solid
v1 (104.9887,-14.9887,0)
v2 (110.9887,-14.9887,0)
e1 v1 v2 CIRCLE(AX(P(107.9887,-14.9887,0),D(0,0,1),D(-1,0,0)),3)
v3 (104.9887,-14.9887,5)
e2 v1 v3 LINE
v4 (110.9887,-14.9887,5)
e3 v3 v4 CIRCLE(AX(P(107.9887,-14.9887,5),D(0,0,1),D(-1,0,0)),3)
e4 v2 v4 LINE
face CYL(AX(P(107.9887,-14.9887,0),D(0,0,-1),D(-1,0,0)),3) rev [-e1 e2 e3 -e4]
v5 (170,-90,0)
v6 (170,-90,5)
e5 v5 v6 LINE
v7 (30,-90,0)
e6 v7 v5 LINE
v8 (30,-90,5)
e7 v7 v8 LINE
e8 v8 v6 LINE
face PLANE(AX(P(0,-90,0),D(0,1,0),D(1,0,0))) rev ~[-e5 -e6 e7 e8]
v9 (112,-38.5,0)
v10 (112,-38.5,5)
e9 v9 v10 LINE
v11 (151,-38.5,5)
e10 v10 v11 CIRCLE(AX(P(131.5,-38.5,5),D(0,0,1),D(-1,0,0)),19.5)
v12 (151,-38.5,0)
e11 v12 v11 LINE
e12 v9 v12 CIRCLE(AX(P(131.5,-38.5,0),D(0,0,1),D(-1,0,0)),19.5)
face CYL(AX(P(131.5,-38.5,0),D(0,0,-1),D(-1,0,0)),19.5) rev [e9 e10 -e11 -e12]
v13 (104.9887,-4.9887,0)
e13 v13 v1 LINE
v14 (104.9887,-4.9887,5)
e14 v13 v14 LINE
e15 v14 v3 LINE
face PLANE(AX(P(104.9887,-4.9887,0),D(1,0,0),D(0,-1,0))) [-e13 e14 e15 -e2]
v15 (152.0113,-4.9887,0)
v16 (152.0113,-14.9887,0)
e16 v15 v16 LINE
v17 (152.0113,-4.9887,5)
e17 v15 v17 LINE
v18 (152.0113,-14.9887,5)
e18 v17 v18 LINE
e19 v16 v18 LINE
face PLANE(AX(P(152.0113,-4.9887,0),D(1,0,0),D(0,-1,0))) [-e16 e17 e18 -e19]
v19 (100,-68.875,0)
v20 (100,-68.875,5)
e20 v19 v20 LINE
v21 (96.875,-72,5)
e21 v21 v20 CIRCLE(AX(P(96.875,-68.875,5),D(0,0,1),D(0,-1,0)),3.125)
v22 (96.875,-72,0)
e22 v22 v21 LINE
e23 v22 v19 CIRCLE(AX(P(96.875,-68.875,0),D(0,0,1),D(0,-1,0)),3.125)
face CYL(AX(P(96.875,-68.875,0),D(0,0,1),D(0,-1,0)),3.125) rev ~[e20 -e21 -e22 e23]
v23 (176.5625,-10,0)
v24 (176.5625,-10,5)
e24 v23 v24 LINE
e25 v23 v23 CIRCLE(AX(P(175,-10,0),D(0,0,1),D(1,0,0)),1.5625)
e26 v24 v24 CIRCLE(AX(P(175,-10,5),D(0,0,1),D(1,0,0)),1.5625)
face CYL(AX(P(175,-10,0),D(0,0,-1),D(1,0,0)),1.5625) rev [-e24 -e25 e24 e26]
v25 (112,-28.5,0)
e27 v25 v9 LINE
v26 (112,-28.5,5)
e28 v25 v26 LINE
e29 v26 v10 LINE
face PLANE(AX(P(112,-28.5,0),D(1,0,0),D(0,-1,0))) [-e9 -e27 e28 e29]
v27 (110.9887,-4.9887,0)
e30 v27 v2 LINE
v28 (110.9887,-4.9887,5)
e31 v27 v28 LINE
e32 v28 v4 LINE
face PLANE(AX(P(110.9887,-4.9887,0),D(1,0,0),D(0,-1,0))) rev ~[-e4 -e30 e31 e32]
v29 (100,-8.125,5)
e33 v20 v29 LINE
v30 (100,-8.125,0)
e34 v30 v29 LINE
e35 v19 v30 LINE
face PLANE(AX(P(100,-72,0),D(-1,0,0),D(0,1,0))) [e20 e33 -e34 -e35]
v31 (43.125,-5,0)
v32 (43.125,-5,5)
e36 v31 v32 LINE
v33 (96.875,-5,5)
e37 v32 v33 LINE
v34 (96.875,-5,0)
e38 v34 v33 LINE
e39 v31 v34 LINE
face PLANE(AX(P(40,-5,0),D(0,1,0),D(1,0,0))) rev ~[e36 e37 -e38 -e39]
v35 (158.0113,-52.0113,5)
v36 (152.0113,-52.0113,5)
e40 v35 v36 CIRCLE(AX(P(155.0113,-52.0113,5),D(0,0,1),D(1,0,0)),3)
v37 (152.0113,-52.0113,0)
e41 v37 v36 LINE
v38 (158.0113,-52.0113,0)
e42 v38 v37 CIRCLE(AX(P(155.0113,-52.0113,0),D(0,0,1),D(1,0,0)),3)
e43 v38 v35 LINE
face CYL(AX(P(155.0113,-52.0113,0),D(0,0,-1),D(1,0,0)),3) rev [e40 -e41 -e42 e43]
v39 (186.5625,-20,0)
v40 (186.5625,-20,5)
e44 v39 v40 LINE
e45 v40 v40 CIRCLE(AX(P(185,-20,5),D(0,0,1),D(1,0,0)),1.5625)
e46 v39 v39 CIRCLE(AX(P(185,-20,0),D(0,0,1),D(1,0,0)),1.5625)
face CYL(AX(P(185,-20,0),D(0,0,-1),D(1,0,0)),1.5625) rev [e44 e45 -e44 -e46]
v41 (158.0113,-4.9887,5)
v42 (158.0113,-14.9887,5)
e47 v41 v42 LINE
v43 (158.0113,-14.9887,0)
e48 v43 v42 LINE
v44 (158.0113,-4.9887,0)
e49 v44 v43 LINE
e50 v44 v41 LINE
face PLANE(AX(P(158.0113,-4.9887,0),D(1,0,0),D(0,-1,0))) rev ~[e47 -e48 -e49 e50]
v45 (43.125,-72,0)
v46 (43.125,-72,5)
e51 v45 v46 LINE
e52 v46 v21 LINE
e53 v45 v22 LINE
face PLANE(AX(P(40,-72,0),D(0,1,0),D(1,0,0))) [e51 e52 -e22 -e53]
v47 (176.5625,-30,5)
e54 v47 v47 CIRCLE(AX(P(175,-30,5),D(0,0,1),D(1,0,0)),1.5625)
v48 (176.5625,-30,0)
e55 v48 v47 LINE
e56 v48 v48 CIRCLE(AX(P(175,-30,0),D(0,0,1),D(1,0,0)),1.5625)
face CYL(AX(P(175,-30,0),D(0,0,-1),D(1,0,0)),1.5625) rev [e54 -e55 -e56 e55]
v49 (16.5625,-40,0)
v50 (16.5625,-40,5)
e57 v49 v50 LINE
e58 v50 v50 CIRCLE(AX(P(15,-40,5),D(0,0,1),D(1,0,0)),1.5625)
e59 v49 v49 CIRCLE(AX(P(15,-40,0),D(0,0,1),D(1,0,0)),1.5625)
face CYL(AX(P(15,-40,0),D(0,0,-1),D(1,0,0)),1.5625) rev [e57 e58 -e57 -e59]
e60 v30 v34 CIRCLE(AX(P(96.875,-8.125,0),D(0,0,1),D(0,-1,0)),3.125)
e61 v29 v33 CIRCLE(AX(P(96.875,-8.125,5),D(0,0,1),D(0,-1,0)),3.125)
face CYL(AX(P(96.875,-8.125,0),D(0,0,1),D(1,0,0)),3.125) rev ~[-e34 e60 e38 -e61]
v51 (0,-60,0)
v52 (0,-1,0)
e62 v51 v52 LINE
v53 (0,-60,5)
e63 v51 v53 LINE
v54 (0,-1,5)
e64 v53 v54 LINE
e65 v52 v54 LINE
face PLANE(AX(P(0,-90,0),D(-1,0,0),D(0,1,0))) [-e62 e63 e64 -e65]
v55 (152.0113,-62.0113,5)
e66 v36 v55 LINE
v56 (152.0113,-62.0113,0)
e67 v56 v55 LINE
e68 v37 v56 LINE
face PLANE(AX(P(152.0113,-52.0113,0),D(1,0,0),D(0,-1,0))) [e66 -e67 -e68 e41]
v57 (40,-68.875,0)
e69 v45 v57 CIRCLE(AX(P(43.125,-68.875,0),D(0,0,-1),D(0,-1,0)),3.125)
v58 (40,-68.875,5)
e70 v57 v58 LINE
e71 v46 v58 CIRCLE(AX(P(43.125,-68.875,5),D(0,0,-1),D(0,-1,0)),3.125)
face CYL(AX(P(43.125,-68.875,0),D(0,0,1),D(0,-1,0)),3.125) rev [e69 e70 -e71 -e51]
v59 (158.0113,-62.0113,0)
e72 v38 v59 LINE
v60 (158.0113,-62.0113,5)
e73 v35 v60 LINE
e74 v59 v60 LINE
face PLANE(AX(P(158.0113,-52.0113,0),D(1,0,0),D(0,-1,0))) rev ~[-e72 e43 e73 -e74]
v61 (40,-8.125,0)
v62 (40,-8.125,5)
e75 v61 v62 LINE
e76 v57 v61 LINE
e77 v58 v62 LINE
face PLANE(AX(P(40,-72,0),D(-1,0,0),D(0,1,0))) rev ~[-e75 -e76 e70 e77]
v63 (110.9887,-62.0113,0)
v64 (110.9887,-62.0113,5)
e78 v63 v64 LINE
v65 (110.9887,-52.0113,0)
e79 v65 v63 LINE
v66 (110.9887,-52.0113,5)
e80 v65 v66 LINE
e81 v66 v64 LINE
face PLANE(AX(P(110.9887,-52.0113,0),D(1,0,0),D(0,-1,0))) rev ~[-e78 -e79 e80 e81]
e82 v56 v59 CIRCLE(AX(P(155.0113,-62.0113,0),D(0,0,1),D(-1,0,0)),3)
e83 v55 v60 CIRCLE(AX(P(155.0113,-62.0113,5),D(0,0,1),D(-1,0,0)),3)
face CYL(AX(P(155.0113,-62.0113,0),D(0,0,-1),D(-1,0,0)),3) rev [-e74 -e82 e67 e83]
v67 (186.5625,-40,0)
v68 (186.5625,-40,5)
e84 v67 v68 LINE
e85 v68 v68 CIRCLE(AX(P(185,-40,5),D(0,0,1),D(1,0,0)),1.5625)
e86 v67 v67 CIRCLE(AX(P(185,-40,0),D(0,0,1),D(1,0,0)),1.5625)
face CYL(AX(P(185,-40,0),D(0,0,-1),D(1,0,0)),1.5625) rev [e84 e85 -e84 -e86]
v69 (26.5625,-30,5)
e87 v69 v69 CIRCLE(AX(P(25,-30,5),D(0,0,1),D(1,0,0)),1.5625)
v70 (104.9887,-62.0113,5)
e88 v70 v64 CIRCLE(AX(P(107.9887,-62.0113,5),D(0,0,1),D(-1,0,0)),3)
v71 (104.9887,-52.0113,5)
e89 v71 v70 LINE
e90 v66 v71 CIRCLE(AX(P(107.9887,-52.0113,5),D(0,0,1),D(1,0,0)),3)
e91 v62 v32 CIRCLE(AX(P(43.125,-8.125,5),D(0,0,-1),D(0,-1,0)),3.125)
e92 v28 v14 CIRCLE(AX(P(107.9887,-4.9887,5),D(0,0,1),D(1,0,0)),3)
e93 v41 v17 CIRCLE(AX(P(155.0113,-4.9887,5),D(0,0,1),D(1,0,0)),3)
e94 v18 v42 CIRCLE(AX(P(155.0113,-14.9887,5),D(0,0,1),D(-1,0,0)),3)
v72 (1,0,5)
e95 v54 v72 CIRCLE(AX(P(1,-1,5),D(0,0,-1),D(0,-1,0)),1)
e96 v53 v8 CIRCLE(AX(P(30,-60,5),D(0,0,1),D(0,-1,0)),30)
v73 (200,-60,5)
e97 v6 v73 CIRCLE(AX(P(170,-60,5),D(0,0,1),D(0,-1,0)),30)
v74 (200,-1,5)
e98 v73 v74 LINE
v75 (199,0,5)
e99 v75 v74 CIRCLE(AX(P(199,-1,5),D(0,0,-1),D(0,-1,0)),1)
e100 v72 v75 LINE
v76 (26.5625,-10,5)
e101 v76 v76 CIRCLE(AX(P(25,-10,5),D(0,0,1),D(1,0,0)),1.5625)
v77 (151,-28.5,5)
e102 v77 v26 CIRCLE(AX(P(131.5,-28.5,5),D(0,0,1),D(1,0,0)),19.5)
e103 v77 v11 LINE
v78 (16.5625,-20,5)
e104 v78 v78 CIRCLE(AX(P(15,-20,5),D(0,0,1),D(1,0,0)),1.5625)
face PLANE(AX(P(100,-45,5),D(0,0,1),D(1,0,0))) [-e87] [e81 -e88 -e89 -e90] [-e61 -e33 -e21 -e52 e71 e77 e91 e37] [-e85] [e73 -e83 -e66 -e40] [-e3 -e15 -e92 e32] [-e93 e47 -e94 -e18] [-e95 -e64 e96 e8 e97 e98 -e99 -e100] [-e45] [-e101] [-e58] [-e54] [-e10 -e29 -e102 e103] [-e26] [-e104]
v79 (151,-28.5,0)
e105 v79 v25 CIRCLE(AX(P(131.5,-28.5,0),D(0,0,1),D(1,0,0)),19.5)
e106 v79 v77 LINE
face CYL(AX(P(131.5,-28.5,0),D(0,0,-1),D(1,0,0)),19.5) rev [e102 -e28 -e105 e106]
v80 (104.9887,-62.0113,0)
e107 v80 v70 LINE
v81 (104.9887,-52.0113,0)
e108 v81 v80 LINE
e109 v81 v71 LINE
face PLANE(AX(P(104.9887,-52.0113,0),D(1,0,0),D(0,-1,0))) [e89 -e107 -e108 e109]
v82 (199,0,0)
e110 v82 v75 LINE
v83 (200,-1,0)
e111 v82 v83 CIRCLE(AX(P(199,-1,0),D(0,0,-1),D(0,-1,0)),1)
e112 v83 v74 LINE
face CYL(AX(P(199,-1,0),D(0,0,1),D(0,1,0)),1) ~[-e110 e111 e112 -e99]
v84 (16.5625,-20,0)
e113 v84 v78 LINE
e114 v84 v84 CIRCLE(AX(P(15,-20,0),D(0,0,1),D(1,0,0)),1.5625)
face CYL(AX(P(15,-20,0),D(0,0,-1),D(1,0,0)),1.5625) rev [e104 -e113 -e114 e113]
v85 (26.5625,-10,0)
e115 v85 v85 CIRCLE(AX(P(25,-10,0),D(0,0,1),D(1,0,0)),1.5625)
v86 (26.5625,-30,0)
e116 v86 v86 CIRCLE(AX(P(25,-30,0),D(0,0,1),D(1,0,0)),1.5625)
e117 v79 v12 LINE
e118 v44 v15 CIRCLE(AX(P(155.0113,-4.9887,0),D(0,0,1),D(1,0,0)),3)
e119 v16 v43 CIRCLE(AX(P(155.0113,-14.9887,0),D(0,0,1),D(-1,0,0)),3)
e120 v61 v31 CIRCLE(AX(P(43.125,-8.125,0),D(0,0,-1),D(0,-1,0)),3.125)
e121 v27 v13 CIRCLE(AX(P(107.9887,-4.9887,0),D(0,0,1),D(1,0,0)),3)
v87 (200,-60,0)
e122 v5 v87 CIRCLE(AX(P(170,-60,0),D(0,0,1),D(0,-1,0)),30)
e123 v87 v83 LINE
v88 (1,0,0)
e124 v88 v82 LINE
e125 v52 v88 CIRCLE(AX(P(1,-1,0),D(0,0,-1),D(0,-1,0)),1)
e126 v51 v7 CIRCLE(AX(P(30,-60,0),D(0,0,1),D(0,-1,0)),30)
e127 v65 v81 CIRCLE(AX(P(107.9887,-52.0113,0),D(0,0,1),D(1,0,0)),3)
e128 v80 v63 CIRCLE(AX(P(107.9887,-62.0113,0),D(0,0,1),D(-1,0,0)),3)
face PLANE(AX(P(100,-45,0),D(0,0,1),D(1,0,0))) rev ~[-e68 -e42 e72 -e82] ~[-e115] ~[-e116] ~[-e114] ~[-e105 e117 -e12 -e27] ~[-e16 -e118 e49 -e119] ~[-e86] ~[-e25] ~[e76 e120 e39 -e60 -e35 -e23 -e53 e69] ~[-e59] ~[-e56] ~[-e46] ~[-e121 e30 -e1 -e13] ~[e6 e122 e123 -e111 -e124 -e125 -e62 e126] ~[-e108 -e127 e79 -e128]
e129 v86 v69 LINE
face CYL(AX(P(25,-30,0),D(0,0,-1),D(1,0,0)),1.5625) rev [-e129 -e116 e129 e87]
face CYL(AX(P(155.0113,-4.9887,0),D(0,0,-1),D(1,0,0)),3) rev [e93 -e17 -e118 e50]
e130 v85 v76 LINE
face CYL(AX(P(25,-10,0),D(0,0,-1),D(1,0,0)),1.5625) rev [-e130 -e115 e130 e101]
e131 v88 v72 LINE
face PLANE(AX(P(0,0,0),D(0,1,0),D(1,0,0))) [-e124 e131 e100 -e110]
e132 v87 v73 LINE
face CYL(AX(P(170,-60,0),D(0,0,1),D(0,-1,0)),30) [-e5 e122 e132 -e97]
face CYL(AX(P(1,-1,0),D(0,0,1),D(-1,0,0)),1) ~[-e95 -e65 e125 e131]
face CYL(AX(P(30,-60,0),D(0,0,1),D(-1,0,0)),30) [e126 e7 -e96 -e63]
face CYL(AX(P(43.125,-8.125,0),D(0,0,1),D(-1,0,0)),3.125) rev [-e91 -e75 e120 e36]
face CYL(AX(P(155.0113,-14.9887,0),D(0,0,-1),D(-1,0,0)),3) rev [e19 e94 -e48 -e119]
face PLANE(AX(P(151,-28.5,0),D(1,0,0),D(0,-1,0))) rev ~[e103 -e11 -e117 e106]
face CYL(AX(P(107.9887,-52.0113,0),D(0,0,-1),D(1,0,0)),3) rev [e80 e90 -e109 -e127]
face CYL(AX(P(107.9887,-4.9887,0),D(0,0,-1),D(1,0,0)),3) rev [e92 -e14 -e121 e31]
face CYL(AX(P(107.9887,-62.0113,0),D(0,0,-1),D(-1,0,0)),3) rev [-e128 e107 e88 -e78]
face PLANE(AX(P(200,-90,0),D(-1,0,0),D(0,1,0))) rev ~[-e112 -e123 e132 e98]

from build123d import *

# Parameters (mm, degrees)
SKETCH_W    = 200
SKETCH_H    = 90
SKETCH_R    = 1.5625
SKETCH_W_2  = 60
SKETCH_H_2  = 67
PAD_DEPTH   = 5
FILLET_R    = 30
FILLET001_R = 3.125
FILLET002_R = 1


with BuildPart() as part:
    # Sketch → Pad (new body)
    with BuildSketch(Plane.XY):
        with Locations((100, -45)):
            Rectangle(SKETCH_W, SKETCH_H)
        with Locations((175, -10)):
            Circle(SKETCH_R, mode=Mode.SUBTRACT)
        with Locations((175, -30)):
            Circle(SKETCH_R, mode=Mode.SUBTRACT)
        with Locations((185, -20)):
            Circle(SKETCH_R, mode=Mode.SUBTRACT)
        with Locations((185, -40)):
            Circle(SKETCH_R, mode=Mode.SUBTRACT)
        with Locations((25, -10)):
            Circle(SKETCH_R, mode=Mode.SUBTRACT)
        with Locations((25, -30)):
            Circle(SKETCH_R, mode=Mode.SUBTRACT)
        with Locations((15, -20)):
            Circle(SKETCH_R, mode=Mode.SUBTRACT)
        with Locations((15, -40)):
            Circle(SKETCH_R, mode=Mode.SUBTRACT)
        with Locations((70, -38.5)):
            Rectangle(SKETCH_W_2, SKETCH_H_2, mode=Mode.SUBTRACT)
        with BuildLine():
            ThreePointArc((158.0113, -4.9887), (155.0113, -1.9887), (152.0113, -4.9887))
            Line((152.0113, -4.9887), (152.0113, -14.9887))
            ThreePointArc((152.0113, -14.9887), (155.0113, -17.9887), (158.0113, -14.9887))
            Line((158.0113, -4.9887), (158.0113, -14.9887))
        make_face(mode=Mode.SUBTRACT)
        with BuildLine():
            ThreePointArc((151, -28.5), (131.5, -9), (112, -28.5))
            Line((112, -28.5), (112, -38.5))
            ThreePointArc((112, -38.5), (131.5, -58), (151, -38.5))
            Line((151, -28.5), (151, -38.5))
        make_face(mode=Mode.SUBTRACT)
        with BuildLine():
            ThreePointArc((158.0113, -52.0113), (155.0113, -49.0113), (152.0113, -52.0113))
            Line((152.0113, -52.0113), (152.0113, -62.0113))
            ThreePointArc((152.0113, -62.0113), (155.0113, -65.0113), (158.0113, -62.0113))
            Line((158.0113, -52.0113), (158.0113, -62.0113))
        make_face(mode=Mode.SUBTRACT)
        with BuildLine():
            ThreePointArc((110.9887, -52.0113), (107.9887, -49.0113), (104.9887, -52.0113))
            Line((104.9887, -52.0113), (104.9887, -62.0113))
            ThreePointArc((104.9887, -62.0113), (107.9887, -65.0113), (110.9887, -62.0113))
            Line((110.9887, -52.0113), (110.9887, -62.0113))
        make_face(mode=Mode.SUBTRACT)
        with BuildLine():
            ThreePointArc((110.9887, -4.9887), (107.9887, -1.9887), (104.9887, -4.9887))
            Line((104.9887, -4.9887), (104.9887, -14.9887))
            ThreePointArc((104.9887, -14.9887), (107.9887, -17.9887), (110.9887, -14.9887))
            Line((110.9887, -4.9887), (110.9887, -14.9887))
        make_face(mode=Mode.SUBTRACT)
    extrude(amount=PAD_DEPTH)

    # Fillet
    fillet_edges = [part.edges().sort_by_distance(p)[0] for p in [
        (200, -90, 2.5),
        (0, -90, 2.5),
    ]]
    fillet(fillet_edges, radius=FILLET_R)

    # Fillet001
    fillet001_edges = [part.edges().sort_by_distance(p)[0] for p in [
        (100, -5, 2.5),
        (100, -72, 2.5),
        (40, -72, 2.5),
        (40, -5, 2.5),
    ]]
    fillet(fillet001_edges, radius=FILLET001_R)

    # Fillet002
    fillet002_edges = [part.edges().sort_by_distance(p)[0] for p in [
        (200, 0, 2.5),
        (0, 0, 2.5),
    ]]
    fillet(fillet002_edges, radius=FILLET002_R)


solid = part.part
